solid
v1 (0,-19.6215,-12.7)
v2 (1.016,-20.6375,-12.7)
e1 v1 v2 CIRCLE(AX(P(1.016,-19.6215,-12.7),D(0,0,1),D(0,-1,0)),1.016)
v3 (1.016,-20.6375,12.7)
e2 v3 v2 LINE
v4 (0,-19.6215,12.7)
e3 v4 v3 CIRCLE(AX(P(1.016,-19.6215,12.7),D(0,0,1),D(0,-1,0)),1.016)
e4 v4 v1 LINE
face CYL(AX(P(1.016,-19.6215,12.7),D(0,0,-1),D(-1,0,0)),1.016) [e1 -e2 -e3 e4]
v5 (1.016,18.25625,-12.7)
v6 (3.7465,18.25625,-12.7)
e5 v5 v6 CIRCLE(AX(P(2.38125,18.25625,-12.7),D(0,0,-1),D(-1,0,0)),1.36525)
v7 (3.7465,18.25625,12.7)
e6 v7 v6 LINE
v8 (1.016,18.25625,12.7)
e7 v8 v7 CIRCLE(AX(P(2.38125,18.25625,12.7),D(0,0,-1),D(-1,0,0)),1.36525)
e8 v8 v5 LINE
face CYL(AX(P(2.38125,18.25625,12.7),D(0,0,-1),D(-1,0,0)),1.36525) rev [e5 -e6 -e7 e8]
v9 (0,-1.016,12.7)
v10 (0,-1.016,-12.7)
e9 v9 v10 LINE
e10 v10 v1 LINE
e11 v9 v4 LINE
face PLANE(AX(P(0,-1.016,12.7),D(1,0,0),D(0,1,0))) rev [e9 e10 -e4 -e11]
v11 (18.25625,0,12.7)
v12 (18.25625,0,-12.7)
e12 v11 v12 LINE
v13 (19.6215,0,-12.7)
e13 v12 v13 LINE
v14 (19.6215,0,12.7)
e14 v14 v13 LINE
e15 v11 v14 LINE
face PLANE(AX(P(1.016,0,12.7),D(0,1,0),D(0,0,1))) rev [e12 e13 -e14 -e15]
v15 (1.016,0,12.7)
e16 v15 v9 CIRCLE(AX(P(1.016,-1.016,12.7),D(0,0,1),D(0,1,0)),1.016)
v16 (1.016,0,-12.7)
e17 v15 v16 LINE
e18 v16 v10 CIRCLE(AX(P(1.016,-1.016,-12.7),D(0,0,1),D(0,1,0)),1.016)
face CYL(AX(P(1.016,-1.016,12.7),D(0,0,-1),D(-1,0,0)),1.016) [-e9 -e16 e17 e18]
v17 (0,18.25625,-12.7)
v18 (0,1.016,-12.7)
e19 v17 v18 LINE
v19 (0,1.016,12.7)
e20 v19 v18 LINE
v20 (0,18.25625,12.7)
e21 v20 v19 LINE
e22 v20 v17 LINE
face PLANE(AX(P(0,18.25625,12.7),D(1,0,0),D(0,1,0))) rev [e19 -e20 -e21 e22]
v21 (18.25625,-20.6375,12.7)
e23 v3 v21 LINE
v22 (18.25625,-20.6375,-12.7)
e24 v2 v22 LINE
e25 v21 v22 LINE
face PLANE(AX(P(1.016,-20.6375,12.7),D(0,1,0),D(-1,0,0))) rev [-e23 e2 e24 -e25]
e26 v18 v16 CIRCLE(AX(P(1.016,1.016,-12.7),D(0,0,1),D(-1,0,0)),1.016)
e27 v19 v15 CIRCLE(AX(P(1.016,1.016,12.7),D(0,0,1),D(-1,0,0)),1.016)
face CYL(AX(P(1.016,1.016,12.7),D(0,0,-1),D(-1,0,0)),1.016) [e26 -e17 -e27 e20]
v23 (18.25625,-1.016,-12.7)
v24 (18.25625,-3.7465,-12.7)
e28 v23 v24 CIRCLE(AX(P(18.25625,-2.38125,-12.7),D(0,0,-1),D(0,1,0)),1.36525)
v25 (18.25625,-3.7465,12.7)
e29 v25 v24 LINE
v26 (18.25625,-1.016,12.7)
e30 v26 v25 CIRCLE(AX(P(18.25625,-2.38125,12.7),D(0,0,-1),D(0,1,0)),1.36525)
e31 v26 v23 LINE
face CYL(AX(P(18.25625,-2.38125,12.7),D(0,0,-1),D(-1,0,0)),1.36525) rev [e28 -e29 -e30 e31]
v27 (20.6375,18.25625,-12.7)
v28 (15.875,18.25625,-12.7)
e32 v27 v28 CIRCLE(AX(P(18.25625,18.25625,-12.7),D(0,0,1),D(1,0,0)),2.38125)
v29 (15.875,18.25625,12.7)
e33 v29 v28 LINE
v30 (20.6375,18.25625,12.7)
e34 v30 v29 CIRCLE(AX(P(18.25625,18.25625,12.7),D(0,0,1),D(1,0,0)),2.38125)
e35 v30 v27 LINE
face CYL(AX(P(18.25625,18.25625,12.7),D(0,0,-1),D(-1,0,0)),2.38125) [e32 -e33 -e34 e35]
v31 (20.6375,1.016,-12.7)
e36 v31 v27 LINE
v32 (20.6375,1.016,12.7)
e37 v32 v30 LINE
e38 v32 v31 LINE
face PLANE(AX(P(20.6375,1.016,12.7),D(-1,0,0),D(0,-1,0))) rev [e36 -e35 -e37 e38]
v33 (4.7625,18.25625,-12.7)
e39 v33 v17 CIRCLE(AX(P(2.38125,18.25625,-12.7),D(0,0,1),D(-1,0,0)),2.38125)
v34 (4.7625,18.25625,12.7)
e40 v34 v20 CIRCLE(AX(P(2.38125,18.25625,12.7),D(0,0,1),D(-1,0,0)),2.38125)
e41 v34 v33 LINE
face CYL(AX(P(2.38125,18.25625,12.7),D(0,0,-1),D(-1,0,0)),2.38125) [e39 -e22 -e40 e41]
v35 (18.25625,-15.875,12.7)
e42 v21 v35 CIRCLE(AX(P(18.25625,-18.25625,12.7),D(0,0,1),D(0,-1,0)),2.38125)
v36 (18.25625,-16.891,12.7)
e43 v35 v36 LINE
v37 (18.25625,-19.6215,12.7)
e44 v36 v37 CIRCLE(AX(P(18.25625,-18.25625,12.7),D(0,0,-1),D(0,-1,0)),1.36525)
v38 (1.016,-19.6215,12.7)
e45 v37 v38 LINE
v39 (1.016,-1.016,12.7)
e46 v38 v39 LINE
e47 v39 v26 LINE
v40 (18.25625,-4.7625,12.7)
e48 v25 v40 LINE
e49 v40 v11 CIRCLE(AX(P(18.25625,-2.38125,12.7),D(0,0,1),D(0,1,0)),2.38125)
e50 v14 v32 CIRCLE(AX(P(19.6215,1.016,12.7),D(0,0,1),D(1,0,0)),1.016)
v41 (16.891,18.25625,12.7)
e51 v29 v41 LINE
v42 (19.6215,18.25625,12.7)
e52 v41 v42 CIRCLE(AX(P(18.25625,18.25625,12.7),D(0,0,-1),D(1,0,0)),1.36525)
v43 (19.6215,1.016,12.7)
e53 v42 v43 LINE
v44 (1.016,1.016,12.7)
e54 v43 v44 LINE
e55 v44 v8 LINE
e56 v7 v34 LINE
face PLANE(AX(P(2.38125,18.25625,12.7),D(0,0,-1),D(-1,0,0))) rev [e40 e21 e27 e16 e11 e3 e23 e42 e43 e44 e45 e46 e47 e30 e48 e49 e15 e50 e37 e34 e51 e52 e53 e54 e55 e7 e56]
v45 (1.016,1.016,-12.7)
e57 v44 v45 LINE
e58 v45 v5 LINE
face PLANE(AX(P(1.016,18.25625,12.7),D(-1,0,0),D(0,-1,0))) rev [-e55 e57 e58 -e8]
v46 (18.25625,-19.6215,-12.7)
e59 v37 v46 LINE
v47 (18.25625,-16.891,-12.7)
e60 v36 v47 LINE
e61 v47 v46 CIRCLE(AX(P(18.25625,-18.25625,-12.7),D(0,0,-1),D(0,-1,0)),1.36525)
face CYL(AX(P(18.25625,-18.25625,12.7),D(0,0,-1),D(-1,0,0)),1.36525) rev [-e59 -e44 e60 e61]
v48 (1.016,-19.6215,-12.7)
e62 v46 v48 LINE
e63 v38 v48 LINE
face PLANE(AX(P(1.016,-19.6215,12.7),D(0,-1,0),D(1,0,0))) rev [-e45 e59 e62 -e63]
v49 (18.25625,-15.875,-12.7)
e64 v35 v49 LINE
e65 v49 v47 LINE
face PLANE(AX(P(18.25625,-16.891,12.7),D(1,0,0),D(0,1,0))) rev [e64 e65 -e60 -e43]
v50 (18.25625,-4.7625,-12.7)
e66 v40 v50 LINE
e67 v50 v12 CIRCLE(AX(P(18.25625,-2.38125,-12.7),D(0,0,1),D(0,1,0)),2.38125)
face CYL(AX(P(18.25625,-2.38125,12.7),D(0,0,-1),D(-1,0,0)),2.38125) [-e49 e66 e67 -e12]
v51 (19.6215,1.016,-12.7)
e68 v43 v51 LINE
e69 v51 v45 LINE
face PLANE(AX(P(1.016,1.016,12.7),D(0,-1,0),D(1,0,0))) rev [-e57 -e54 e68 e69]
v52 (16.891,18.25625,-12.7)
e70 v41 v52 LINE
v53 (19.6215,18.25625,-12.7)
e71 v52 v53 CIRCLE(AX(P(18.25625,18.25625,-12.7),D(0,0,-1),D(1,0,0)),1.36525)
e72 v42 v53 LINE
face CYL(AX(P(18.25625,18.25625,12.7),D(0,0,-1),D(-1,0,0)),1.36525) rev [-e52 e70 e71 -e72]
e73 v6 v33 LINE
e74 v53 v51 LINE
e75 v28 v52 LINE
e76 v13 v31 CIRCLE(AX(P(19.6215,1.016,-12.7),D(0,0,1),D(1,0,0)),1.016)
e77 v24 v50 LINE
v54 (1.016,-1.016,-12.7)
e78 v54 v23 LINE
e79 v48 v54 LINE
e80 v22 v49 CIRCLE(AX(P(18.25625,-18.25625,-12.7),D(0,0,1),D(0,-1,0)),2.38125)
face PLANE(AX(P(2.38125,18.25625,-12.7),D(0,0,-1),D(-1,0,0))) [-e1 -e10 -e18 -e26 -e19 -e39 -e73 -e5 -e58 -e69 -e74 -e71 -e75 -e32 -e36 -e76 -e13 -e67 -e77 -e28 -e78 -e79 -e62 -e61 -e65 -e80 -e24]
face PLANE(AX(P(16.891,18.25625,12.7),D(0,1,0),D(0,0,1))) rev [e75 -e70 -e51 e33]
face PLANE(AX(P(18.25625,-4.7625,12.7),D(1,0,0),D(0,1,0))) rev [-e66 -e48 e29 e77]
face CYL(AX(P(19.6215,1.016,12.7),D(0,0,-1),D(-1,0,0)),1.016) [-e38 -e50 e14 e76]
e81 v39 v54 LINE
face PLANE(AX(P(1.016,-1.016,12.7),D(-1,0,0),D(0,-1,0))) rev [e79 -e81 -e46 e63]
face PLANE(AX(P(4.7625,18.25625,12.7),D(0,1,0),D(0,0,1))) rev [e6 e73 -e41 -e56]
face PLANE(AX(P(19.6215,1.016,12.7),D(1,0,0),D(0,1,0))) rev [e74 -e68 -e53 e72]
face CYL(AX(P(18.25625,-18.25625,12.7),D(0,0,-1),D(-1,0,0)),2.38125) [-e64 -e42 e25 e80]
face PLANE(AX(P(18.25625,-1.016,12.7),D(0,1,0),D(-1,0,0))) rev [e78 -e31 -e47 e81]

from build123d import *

# Parameters (mm, degrees)
BASE_EXTRUDE_DEPTH = 12.7
CIRPATTERN1_COUNT  = 2
CIRPATTERN1_ANGLE  = 270


with BuildPart() as part:
    # Sketch1 → Base-Extrude (new, symmetric)
    with BuildSketch(Plane.XY):
        with BuildLine():
            Line((0, 18.25625), (0, 1.016))
            ThreePointArc((0, 1.016), (0.29757951, 0.29757951), (1.016, 0))
            Line((1.016, 0), (19.6215, 0))
            ThreePointArc((19.6215, 0), (20.33992049, 0.29757951), (20.6375, 1.016))
            Line((20.6375, 1.016), (20.6375, 18.25625))
            ThreePointArc((20.6375, 18.25625), (18.25625, 20.6375), (15.875, 18.25625))
            Line((15.875, 18.25625), (16.891, 18.25625))
            ThreePointArc((16.891, 18.25625), (18.25625, 19.6215), (19.6215, 18.25625))
            Line((19.6215, 18.25625), (19.6215, 1.016))
            Line((19.6215, 1.016), (1.016, 1.016))
            Line((1.016, 1.016), (1.016, 18.25625))
            ThreePointArc((1.016, 18.25625), (2.38125, 19.6215), (3.7465, 18.25625))
            Line((3.7465, 18.25625), (4.7625, 18.25625))
            ThreePointArc((4.7625, 18.25625), (2.38125, 20.6375), (0, 18.25625))
        make_face()
    base_extrude = extrude(amount=BASE_EXTRUDE_DEPTH, both=True)

    # CirPattern1: Base-Extrude ×2 about axis
    cirpattern1_axis = Axis((0, 0, 0), (0, 0, 1))
    for i in range(1, CIRPATTERN1_COUNT):
        add(base_extrude.rotate(cirpattern1_axis, i * CIRPATTERN1_ANGLE / (CIRPATTERN1_COUNT - 1)))


solid = part.part
